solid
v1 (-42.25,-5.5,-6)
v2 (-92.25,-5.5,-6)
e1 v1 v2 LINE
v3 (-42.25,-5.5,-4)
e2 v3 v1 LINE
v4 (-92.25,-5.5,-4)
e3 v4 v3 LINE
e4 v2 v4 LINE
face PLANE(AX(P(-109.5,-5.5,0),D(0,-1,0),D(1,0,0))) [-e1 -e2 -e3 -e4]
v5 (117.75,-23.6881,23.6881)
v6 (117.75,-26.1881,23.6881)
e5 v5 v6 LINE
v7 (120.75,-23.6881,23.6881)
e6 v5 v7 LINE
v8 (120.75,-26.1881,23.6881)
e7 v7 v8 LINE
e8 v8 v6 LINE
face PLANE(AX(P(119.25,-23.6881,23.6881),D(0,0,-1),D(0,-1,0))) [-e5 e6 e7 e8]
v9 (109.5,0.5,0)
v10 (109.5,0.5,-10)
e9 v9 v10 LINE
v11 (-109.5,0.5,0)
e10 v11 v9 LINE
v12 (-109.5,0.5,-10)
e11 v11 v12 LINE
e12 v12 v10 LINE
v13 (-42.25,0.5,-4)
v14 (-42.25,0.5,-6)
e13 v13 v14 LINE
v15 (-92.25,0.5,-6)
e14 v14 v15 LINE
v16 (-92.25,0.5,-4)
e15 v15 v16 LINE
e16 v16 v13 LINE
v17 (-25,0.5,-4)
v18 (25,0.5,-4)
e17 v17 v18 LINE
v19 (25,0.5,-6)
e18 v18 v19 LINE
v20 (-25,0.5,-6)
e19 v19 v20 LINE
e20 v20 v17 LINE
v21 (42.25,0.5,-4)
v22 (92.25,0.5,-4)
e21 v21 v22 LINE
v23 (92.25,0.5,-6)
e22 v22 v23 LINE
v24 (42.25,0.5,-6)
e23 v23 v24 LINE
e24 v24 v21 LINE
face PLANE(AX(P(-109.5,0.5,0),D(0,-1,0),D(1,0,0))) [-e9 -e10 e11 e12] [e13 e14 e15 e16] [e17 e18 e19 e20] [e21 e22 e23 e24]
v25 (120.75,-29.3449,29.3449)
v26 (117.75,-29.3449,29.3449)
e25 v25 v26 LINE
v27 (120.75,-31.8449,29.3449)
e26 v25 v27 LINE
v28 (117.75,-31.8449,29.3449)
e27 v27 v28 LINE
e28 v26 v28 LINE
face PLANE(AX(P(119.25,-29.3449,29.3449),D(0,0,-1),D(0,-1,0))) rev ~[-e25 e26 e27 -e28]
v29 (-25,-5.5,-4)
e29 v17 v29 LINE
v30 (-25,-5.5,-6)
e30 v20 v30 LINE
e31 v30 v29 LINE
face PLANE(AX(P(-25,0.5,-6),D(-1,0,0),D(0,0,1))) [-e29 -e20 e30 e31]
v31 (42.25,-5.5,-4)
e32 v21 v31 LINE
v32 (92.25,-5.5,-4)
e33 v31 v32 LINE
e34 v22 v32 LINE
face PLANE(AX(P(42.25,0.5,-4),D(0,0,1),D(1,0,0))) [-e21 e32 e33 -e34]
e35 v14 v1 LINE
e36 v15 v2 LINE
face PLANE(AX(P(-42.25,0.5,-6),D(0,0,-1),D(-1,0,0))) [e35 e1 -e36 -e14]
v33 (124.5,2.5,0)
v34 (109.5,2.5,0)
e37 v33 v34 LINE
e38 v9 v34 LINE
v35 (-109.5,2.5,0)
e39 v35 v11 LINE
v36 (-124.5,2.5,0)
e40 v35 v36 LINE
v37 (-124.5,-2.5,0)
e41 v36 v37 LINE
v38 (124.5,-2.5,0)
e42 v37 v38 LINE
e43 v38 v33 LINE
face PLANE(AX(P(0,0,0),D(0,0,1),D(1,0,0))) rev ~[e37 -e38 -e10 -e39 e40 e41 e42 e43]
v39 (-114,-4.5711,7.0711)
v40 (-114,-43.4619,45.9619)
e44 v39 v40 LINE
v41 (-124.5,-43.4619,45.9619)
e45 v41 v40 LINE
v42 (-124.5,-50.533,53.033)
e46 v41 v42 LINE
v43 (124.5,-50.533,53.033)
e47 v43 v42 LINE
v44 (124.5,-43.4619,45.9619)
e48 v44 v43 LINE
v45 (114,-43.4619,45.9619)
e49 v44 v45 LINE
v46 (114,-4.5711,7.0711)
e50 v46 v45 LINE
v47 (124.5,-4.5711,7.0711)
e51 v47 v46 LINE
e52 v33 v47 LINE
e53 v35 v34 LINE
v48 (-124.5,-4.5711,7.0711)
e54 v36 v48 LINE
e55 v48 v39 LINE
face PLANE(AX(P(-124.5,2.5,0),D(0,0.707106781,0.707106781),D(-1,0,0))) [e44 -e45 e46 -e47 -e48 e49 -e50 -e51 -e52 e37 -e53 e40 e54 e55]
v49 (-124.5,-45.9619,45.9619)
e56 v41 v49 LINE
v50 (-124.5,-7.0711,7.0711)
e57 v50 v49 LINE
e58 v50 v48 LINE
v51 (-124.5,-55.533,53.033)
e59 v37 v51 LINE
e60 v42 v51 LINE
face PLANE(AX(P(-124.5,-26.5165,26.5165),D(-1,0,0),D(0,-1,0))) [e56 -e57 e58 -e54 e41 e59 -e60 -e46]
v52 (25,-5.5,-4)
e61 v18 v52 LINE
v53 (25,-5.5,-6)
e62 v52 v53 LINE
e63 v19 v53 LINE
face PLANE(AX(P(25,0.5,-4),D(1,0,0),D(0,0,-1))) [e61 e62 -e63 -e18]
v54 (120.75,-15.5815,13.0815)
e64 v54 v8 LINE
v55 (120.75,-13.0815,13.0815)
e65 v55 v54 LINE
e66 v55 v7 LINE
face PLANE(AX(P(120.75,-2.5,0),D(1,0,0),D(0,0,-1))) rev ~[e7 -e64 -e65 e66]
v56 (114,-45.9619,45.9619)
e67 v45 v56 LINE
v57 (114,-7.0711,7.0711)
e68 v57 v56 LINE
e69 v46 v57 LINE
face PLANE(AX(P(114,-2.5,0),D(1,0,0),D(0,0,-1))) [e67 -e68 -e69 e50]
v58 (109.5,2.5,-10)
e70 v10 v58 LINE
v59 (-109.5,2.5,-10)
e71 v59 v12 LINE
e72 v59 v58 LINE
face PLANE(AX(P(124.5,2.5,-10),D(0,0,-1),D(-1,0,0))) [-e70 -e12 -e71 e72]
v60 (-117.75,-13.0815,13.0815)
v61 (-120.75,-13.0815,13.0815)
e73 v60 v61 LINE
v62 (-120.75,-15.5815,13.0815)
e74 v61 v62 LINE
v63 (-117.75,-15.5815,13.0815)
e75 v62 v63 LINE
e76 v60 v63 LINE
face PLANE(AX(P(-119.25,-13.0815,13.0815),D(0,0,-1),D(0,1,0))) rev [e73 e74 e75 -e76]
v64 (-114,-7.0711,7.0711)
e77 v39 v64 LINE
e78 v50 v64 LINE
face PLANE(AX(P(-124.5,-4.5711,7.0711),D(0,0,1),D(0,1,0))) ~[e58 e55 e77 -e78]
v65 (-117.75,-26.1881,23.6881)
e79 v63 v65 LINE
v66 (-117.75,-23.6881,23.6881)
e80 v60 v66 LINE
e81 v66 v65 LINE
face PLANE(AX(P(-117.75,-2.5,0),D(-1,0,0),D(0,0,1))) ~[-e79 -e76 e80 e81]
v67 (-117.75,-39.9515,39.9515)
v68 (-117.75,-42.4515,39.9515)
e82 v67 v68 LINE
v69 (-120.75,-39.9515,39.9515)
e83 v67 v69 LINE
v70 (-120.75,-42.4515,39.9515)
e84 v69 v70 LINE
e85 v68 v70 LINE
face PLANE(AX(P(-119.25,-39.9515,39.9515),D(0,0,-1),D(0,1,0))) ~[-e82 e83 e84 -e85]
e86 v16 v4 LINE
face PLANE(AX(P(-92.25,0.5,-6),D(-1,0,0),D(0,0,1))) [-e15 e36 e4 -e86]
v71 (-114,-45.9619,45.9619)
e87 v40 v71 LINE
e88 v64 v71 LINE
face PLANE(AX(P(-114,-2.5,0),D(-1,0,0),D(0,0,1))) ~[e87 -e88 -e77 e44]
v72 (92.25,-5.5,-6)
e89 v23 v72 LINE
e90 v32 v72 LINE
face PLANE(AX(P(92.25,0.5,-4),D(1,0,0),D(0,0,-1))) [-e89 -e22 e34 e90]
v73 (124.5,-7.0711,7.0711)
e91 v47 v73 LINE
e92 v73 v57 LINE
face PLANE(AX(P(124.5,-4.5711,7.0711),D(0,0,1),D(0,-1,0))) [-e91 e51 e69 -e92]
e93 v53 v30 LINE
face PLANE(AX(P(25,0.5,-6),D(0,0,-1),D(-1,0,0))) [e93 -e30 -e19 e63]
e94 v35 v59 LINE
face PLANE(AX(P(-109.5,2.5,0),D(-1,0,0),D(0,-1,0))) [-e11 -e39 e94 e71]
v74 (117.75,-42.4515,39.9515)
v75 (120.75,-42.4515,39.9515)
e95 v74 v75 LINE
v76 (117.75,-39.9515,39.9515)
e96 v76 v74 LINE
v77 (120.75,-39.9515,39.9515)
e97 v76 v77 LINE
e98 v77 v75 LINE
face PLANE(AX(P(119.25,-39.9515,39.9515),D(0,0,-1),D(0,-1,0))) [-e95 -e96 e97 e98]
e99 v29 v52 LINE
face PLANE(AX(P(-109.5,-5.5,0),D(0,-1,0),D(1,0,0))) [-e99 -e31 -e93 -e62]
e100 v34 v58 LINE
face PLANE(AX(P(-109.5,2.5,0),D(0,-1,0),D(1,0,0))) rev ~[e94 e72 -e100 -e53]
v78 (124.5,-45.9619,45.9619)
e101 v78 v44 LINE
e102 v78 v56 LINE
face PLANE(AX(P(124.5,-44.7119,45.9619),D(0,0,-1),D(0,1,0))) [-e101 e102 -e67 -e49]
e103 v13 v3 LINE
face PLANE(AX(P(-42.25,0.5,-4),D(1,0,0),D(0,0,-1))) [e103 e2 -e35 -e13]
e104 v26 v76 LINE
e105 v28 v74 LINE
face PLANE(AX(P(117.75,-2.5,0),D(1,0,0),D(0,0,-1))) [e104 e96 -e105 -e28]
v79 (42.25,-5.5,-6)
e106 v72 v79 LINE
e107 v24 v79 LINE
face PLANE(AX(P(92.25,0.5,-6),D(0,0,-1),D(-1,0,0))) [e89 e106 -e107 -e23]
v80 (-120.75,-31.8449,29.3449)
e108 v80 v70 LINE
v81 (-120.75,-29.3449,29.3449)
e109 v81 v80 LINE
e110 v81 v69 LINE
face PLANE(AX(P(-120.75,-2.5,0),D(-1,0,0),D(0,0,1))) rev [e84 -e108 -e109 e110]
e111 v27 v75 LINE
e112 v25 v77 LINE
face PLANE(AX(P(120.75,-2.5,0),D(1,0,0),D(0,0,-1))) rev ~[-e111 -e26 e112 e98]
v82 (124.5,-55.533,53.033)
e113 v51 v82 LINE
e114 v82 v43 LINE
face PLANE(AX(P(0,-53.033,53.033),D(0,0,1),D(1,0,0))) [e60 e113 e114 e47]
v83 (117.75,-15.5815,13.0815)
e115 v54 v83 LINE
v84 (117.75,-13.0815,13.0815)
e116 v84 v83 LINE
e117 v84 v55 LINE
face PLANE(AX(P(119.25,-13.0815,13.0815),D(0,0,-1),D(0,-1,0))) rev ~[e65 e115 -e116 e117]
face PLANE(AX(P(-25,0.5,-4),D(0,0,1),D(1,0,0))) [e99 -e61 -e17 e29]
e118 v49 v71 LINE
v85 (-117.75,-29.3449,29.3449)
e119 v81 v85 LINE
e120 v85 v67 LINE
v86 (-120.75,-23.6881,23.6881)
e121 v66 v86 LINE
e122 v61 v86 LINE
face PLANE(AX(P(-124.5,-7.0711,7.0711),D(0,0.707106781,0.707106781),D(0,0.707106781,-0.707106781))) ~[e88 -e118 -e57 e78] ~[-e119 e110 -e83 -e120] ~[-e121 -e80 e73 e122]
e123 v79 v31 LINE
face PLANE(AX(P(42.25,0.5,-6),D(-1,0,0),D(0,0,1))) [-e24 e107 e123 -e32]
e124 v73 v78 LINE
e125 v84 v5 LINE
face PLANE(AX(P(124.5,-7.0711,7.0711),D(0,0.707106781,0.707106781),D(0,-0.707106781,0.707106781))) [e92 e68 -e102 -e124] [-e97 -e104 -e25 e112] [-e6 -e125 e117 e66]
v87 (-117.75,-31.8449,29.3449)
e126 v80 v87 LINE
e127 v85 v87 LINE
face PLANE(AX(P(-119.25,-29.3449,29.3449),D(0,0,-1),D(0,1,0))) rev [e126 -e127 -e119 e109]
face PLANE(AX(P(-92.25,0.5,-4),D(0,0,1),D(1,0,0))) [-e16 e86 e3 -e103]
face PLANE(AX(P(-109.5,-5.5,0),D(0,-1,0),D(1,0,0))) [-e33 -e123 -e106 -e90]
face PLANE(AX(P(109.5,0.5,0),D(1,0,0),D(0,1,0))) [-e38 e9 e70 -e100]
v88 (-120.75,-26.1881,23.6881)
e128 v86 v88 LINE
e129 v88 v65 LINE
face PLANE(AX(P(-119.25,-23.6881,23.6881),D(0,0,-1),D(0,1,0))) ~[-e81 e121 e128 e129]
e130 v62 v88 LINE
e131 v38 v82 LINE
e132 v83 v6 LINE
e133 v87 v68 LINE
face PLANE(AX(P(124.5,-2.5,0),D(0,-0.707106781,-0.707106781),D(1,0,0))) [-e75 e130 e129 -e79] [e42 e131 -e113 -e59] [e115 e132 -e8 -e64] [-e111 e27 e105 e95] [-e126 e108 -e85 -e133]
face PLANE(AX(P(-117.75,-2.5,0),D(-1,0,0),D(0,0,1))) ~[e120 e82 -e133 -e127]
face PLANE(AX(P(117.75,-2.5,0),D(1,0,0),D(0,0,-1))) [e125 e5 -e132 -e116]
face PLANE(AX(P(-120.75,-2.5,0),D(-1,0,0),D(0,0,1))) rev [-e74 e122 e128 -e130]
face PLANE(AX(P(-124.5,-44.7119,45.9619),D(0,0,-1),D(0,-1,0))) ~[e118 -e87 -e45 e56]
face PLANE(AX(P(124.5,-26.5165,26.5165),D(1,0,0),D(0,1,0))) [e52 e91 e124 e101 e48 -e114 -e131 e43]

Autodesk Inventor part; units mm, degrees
ref_plane "YZ Plane" through (0, 0, 0) normal (1, 0, 0) x (0, 1, 0)
ref_plane "XZ Plane" through (0, 0, 0) normal (0, 1, 0) x (-1, 0, 0)
sketch "Sketch2" plane through (0, 0, 0) normal (0, 0, 1) x (1, 0, 0)
  line L0 (-124.5, 2.5) -> (124.5, 2.5)
  line L1 (124.5, 2.5) -> (124.5, -2.5)
  line L2 (124.5, -2.5) -> (-124.5, -2.5)
  line L3 (-124.5, -2.5) -> (-124.5, 2.5)
  point P0 (0, 0)
  dimension "d1" = 249
  dimension "d2" = 5
  dimension "d3" = 2.5
  dimension "d4" = 124.5
sketch "Sketch3" plane through (0, 0, 0) normal (1, 0, 0) x (0, 1, 0)
  line L0 (0, 0) -> (-53.033, 53.033)
  line L1 (0, -0.5221) -> (1.6531, -0.5221)
  dimension "d5" = 75
  dimension "d6" = 45
sweep "Sweep1" add profiles "Sketch2" path "Sketch3" path curves L0
sketch "Sketch10" plane through (124.5, 2.5, 0) normal (0, 0, -1) x (-1, 0, 0)
  line L0 (249, 0) -> (0, 0) projected
  line L1 (0, 0) -> (0, -5) projected
  line L2 (0, -5) -> (249, -5) projected
  line L3 (249, -5) -> (249, 0) projected
  line L4 (15, 0) -> (234, 0)
  line L5 (234, 0) -> (234, -2)
  line L6 (234, -2) -> (15, -2)
  line L7 (15, -2) -> (15, 0)
  point P0 (124.5, -2.5)
  dimension "d76" = 2
  dimension "d77" = 219
  dimension "d78" = 109.5
extrude "Extrusion5" add sketch "Sketch10" along normal blind 10 contours L5 L6 L7 L0
sketch "Sketch11" plane through (-109.5, 0.5, 0) normal (0, -1, 0) x (1, 0, 0)
  line L0 (0, 0) -> (219, 0) projected
  line L1 (0, 0) -> (0, -10) projected
  line L2 (219, -10) -> (0, -10) projected
  line L3 (219, 0) -> (219, -10) projected
  line L4 (201.75, -6) -> (151.75, -6)
  line L5 (151.75, -6) -> (151.75, -4)
  line L6 (151.75, -4) -> (201.75, -4)
  line L7 (201.75, -4) -> (201.75, -6)
  line L8 (134.5, -6) -> (84.5, -6)
  line L9 (84.5, -6) -> (84.5, -4)
  line L10 (84.5, -4) -> (134.5, -4)
  line L11 (134.5, -4) -> (134.5, -6)
  line L12 (67.25, -6) -> (17.25, -6)
  line L13 (17.25, -6) -> (17.25, -4)
  line L14 (17.25, -4) -> (67.25, -4)
  line L15 (67.25, -4) -> (67.25, -6)
  point P0 (109.5, 0)
  dimension "d81" = 50
  dimension "d82" = 2
  dimension "d83" = 10
  dimension "d84" = 219
  dimension "d85" = 4
  dimension "d86" = 50
  dimension "d87" = 50
  dimension "d88" = 17.25
  dimension "d89" = 17.25
  dimension "d90" = 17.25
  dimension "d91" = 17.25
extrude "Extrusion6" add sketch "Sketch11" along normal blind 6 contours L4 L5 L6 L7 | L8 L9 L10 L11 | L12 L13 L14 L15
sketch "Sketch13" plane through (124.5, -2.5, 0) normal (1, 0, 0) x (0, 0, -1)
  line L0 (0, 5) -> (0, 0) projected
  line L1 (0, 5) -> (-53.033, -48.033) projected
  line L2 (-53.033, -53.033) -> (-53.033, -48.033) projected
  line L3 (0, 0) -> (-53.033, -53.033) projected
  line L4 (-7.0711, -2.0711) -> (-7.0711, -4.5711)
  line L5 (-7.0711, -4.5711) -> (-45.9619, -43.4619)
  line L6 (-45.9619, -43.4619) -> (-45.9619, -40.9619)
  line L7 (-7.0711, -3.3211) -> (0, 3.75)
  line L8 (-45.9619, -42.2119) -> (-53.033, -49.283)
  point P0 (0, 2.5)
  dimension "d98" = 2.5
  dimension "d99" = 10
  dimension "d101" = 2.5
  dimension "d102" = 10
  dimension "d103" = 45
extrude "Extrusion7" cut sketch "Sketch13" against normal blind 10.5 contours L4 L5 L6 L1
ref_plane "Work Plane1" through (119.25, -2.5, 0) normal (1, 0, 0) x (0, 0, -1)
sketch "Sketch14" plane through (119.25, -2.5, 0) normal (1, 0, 0) x (0, 0, -1)
  line L0 (-7.0711, -2.0711) -> (-7.0711, -4.5711) projected
  line L1 (-7.0711, -4.5711) -> (-45.9619, -43.4619) projected
  line L2 (-45.9619, -43.4619) -> (-45.9619, -40.9619) projected
  line L3 (-45.9619, -40.9619) -> (-53.033, -48.033) projected
  line L4 (-53.033, -53.033) -> (-53.033, -48.033) projected
  line L5 (0, 0) -> (-53.033, -53.033) projected
  line L6 (0, 5) -> (0, 0) projected
  line L7 (0, 5) -> (-7.0711, -2.0711) projected
  line L8 (-45.9619, -40.9619) -> (-7.0711, -2.0711) projected
  line L9 (-45.9619, -43.4619) -> (-45.9619, -40.9619) projected
  line L10 (-7.0711, -4.5711) -> (-45.9619, -43.4619) projected
  line L11 (-7.0711, -2.0711) -> (-7.0711, -4.5711) projected
  line L12 (-13.0815, -10.5815) -> (-13.0815, -13.0815)
  line L13 (-23.6881, -21.1881) -> (-23.6881, -23.6881)
  line L14 (-29.3449, -26.8449) -> (-29.3449, -29.3449)
  line L15 (-39.9515, -37.4515) -> (-39.9515, -39.9515)
  line L16 (-23.6881, -21.1881) -> (-13.0815, -10.5815)
  line L17 (-13.0815, -13.0815) -> (-23.6881, -23.6881)
  line L18 (-29.3449, -26.8449) -> (-39.9515, -37.4515)
  line L19 (-29.3449, -29.3449) -> (-39.9515, -39.9515)
  line L20 (-39.9515, -39.9515) -> (-39.9515, -37.4515)
  line L21 (-39.9515, -37.4515) -> (-29.3449, -26.8449)
  line L22 (-29.3449, -26.8449) -> (-29.3449, -29.3449)
  line L23 (-29.3449, -29.3449) -> (-39.9515, -39.9515)
  line L24 (-23.6881, -21.1881) -> (-13.0815, -10.5815)
  line L25 (-13.0815, -10.5815) -> (-13.0815, -13.0815)
  line L26 (-13.0815, -13.0815) -> (-23.6881, -23.6881)
  line L27 (-23.6881, -23.6881) -> (-23.6881, -21.1881)
  point P0 (0, 2.5)
  dimension "d106" = 15
  dimension "d107" = 15
  dimension "d109" = 55
  dimension "d110" = 8.5
  dimension "d111" = 8.5
  dimension "d112" = 8
extrude "Extrusion8" cut sketch "Sketch14" along normal mid plane 3 contours L12 L5 L13 L1 | L1 L14 L5 L15
mirror "Mirror2" about plane through (0, 0, 0) normal (1, 0, 0) of "Extrusion8", "Extrusion7"
ref_plane "Work Plane2" through (-119.25, -2.5, 0) normal (1, 0, 0) x (0, 0, -1)
equation "\"d3\" = 0.5 * d2"
equation "\"d4\" = 0.5 * d1"
equation "\"d78\" = 0.5 * d77"
equation "\"d85\" = -0.5 * d82 + 0.5 * d83"
equation "\"d86\" = d81"
equation "\"d87\" = d81"
equation "\"d88\" = -0.75 * d81 + 0.25 * d84"
equation "\"d89\" = d88"
equation "\"d90\" = d88"
equation "\"d111\" = d110"
properties part number "Roof Length Extension"
